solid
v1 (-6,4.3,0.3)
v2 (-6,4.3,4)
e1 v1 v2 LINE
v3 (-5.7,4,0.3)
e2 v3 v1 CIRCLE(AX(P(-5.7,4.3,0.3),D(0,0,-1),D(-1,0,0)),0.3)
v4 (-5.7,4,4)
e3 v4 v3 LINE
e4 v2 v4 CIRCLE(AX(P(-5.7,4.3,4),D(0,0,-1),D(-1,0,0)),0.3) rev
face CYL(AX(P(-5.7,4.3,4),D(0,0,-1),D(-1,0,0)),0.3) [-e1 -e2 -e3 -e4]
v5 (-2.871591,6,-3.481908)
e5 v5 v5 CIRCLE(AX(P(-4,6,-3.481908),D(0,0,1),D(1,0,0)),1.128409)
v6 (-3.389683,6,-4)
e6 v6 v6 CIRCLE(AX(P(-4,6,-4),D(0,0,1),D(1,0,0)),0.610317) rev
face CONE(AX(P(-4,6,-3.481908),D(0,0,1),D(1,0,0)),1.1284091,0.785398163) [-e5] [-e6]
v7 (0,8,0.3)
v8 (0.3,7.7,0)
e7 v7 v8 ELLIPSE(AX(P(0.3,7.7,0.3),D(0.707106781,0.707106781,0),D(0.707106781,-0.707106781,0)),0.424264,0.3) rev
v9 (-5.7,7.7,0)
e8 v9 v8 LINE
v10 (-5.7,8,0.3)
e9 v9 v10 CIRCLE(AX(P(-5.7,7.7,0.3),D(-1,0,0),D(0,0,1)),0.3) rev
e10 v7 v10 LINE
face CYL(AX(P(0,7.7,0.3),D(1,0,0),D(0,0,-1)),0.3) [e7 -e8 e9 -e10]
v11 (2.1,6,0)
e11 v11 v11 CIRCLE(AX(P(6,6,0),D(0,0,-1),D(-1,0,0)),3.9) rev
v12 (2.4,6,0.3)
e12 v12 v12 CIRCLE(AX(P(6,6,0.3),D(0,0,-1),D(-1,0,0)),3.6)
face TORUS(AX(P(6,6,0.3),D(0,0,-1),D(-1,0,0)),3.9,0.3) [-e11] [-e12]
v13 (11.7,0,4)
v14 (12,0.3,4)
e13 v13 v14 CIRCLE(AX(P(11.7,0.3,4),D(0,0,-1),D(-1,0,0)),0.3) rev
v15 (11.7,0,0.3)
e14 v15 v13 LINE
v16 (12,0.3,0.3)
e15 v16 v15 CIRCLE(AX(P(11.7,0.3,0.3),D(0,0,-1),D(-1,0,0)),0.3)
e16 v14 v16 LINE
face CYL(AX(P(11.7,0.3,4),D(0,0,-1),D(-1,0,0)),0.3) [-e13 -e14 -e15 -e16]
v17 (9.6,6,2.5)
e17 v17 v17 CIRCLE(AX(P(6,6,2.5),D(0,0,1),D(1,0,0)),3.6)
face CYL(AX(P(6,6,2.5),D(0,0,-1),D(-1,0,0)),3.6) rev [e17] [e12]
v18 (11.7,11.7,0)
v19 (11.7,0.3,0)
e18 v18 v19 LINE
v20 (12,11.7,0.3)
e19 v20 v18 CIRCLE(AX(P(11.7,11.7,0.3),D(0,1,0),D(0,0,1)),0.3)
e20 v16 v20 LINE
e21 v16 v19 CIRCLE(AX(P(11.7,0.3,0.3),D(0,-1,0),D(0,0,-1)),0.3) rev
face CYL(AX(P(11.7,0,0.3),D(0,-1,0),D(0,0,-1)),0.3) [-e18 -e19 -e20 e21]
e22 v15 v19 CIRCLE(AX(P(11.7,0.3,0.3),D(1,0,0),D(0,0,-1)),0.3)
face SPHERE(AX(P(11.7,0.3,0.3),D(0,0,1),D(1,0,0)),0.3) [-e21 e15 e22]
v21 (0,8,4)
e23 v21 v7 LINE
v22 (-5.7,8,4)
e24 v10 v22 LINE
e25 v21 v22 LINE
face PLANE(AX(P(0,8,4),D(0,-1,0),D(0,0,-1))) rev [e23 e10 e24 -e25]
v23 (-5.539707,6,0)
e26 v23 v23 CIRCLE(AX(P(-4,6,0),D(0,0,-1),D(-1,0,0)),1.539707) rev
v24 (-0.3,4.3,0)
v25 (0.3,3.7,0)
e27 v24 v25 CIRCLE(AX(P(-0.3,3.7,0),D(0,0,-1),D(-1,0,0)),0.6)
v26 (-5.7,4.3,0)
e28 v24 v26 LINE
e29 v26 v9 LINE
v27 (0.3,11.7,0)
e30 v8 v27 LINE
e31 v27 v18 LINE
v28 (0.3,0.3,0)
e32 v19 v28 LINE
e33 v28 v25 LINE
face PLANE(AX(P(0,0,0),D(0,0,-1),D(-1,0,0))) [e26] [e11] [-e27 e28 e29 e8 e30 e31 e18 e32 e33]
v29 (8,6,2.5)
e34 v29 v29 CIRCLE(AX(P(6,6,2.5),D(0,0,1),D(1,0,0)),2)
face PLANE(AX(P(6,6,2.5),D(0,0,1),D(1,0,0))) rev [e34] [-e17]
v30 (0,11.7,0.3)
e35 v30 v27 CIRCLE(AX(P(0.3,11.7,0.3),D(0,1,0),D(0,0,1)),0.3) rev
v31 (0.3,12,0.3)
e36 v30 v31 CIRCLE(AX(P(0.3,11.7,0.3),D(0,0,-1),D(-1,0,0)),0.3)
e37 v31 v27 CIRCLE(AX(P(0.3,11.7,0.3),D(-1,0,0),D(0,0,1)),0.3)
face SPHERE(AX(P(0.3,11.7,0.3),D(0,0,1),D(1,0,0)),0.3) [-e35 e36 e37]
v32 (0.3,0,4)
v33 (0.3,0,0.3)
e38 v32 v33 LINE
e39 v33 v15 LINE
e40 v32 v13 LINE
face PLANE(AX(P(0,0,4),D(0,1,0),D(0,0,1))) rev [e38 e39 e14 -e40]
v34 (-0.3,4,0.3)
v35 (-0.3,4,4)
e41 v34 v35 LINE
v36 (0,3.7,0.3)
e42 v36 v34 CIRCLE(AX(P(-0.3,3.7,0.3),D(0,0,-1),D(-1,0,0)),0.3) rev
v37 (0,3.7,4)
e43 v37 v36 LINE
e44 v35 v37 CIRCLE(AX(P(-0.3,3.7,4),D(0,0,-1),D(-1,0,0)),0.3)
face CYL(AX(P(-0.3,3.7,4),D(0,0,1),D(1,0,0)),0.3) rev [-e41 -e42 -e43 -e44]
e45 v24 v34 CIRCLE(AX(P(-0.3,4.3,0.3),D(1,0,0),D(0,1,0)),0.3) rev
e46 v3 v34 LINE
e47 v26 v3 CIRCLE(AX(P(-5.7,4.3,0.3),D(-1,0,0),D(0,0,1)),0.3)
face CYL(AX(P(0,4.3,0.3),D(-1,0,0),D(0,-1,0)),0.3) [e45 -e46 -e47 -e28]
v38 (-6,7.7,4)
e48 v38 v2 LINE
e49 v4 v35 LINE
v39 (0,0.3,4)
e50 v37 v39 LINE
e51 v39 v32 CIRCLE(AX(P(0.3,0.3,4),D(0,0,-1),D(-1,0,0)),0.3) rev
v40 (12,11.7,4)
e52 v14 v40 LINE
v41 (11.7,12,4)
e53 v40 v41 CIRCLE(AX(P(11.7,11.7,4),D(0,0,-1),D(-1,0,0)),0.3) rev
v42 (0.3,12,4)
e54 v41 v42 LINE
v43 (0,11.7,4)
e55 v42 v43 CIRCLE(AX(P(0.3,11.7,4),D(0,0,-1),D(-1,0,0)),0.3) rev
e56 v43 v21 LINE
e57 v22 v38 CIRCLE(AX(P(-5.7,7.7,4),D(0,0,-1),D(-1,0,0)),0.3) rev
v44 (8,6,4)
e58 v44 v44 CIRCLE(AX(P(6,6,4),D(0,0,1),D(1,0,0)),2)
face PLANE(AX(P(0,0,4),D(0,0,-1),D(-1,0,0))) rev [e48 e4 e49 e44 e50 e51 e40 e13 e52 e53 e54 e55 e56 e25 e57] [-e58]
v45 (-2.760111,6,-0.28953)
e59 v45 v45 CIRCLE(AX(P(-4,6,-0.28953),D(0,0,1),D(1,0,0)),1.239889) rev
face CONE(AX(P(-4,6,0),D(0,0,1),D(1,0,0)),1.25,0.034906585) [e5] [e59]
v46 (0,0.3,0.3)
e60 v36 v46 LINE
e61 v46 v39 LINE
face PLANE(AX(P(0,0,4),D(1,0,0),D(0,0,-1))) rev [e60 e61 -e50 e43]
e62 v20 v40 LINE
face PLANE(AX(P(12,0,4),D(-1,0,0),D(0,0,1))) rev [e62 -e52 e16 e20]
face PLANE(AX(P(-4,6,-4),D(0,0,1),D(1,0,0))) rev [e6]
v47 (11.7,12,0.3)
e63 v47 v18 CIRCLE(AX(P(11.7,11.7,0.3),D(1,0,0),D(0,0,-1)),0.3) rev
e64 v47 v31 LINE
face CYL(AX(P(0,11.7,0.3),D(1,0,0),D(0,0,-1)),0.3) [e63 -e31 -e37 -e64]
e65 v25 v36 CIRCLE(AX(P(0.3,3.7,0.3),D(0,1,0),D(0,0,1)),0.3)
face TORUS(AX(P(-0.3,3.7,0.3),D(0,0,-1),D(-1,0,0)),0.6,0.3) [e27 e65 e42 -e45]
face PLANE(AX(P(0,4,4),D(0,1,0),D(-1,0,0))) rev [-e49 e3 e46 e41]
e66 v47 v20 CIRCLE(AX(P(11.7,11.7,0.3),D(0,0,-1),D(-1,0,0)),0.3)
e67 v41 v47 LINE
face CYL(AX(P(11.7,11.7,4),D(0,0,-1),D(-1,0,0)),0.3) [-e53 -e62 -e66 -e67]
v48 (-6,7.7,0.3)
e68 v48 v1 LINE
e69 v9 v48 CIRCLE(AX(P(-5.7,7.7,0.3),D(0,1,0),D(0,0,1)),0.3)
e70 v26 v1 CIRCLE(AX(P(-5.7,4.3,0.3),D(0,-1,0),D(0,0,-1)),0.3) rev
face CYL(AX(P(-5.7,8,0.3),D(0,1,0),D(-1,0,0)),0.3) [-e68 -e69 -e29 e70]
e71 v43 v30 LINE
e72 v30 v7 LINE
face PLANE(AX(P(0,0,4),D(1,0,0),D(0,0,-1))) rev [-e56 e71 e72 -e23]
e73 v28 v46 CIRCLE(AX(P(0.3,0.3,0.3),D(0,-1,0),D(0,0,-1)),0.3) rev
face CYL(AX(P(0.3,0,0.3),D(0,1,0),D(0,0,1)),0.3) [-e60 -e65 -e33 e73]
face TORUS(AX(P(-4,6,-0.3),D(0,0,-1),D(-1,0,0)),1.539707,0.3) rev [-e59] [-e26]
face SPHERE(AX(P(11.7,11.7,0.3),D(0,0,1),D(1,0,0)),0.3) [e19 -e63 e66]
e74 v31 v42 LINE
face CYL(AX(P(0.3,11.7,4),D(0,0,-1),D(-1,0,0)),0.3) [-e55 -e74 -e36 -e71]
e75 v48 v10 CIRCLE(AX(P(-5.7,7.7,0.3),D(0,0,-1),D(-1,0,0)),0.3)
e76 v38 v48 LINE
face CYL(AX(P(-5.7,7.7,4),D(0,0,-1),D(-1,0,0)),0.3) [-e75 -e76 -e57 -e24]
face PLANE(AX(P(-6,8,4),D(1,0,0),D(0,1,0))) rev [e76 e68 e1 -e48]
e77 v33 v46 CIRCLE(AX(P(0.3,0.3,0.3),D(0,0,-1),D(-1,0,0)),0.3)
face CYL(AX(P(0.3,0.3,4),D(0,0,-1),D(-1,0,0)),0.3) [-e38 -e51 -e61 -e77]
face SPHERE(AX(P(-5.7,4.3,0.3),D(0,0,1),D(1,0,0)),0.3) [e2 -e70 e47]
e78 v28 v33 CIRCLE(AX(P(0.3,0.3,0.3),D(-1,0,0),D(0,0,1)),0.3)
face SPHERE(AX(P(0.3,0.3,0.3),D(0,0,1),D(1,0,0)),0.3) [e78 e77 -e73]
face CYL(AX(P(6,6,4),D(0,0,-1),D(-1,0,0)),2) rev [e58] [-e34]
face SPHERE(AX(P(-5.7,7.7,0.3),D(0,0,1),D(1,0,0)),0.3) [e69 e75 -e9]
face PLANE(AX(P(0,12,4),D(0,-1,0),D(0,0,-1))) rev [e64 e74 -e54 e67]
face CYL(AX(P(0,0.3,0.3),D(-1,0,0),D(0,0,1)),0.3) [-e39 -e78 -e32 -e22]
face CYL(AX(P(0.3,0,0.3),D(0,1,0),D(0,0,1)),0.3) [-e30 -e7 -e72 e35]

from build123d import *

# Parameters (mm, degrees)
ESQUISSE1_W             = 12
ESQUISSE1_H             = 12
BOSS_EXTRU_1_DEPTH      = 4
ESQUISSE2_R             = 2
ENL_V_MAT_EXTRU_2_DEPTH = 4
ESQUISSE3_R             = 3.6
ENL_V_MAT_EXTRU_3_DEPTH = 2.5
ESQUISSE4_W             = 6
ESQUISSE4_H             = 4
BOSS_EXTRU_2_DEPTH      = 4
ESQUISSE5_R             = 1.25
BOSS_EXTRU_3_DEPTH      = 4
BOSS_EXTRU_3_TAPER      = 2
CHANFREIN1_SIZE2        = 0.5
CHANFREIN1_SIZE         = 0.518407978
CONG_1_R                = 0.3


with BuildPart() as part:
    # Esquisse1 → Boss.-Extru.1 (new body)
    with BuildSketch(Plane.XY):
        with Locations((6, 6)):
            Rectangle(ESQUISSE1_W, ESQUISSE1_H)
    extrude(amount=BOSS_EXTRU_1_DEPTH)

    # Esquisse2 → Enlèv. mat.-Extru.2 (cut)
    with BuildSketch(Plane.XY):
        with Locations((6, 6)):
            Circle(ESQUISSE2_R)
    extrude(amount=ENL_V_MAT_EXTRU_2_DEPTH, mode=Mode.SUBTRACT)

    # Esquisse3 → Enlèv. mat.-Extru.3 (cut)
    with BuildSketch(Plane.XY):
        with Locations((6, 6)):
            Circle(ESQUISSE3_R)
    extrude(amount=ENL_V_MAT_EXTRU_3_DEPTH, mode=Mode.SUBTRACT)

    # Esquisse4 → Boss.-Extru.2 (add)
    with BuildSketch(Plane.XY):
        with Locations((-3, 6)):
            Rectangle(ESQUISSE4_W, ESQUISSE4_H)
    extrude(amount=BOSS_EXTRU_2_DEPTH)

    # Esquisse5 → Boss.-Extru.3 (add)
    with BuildSketch(Plane.XY):
        with Locations((-4, 6)):
            Circle(ESQUISSE5_R)
    extrude(amount=-BOSS_EXTRU_3_DEPTH, taper=BOSS_EXTRU_3_TAPER)

    # Chanfrein1
    chanfrein1_edges = [part.edges().sort_by_distance(p)[0] for p in [
        (-5.110316922, 6, -4),
    ]]
    chamfer(chanfrein1_edges, length=CHANFREIN1_SIZE, length2=CHANFREIN1_SIZE2)

    # Congé1
    cong_1_edges = [part.edges().sort_by_distance(p)[0] for p in [
        (2.4, 6, 0),
        (0, 2, 0),
        (0, 4, 2),
        (-3, 8, 0),
        (-6, 6, 0),
        (-6, 8, 2),
        (-3, 4, 0),
        (-6, 4, 2),
        (-5.25, 6, 0),
        (6, 12, 0),
        (12, 6, 0),
        (6, 0, 0),
        (0, 10, 0),
        (0, 12, 2),
        (12, 12, 2),
        (12, 0, 2),
        (0, 0, 2),
    ]]
    fillet(cong_1_edges, radius=CONG_1_R)


solid = part.part
